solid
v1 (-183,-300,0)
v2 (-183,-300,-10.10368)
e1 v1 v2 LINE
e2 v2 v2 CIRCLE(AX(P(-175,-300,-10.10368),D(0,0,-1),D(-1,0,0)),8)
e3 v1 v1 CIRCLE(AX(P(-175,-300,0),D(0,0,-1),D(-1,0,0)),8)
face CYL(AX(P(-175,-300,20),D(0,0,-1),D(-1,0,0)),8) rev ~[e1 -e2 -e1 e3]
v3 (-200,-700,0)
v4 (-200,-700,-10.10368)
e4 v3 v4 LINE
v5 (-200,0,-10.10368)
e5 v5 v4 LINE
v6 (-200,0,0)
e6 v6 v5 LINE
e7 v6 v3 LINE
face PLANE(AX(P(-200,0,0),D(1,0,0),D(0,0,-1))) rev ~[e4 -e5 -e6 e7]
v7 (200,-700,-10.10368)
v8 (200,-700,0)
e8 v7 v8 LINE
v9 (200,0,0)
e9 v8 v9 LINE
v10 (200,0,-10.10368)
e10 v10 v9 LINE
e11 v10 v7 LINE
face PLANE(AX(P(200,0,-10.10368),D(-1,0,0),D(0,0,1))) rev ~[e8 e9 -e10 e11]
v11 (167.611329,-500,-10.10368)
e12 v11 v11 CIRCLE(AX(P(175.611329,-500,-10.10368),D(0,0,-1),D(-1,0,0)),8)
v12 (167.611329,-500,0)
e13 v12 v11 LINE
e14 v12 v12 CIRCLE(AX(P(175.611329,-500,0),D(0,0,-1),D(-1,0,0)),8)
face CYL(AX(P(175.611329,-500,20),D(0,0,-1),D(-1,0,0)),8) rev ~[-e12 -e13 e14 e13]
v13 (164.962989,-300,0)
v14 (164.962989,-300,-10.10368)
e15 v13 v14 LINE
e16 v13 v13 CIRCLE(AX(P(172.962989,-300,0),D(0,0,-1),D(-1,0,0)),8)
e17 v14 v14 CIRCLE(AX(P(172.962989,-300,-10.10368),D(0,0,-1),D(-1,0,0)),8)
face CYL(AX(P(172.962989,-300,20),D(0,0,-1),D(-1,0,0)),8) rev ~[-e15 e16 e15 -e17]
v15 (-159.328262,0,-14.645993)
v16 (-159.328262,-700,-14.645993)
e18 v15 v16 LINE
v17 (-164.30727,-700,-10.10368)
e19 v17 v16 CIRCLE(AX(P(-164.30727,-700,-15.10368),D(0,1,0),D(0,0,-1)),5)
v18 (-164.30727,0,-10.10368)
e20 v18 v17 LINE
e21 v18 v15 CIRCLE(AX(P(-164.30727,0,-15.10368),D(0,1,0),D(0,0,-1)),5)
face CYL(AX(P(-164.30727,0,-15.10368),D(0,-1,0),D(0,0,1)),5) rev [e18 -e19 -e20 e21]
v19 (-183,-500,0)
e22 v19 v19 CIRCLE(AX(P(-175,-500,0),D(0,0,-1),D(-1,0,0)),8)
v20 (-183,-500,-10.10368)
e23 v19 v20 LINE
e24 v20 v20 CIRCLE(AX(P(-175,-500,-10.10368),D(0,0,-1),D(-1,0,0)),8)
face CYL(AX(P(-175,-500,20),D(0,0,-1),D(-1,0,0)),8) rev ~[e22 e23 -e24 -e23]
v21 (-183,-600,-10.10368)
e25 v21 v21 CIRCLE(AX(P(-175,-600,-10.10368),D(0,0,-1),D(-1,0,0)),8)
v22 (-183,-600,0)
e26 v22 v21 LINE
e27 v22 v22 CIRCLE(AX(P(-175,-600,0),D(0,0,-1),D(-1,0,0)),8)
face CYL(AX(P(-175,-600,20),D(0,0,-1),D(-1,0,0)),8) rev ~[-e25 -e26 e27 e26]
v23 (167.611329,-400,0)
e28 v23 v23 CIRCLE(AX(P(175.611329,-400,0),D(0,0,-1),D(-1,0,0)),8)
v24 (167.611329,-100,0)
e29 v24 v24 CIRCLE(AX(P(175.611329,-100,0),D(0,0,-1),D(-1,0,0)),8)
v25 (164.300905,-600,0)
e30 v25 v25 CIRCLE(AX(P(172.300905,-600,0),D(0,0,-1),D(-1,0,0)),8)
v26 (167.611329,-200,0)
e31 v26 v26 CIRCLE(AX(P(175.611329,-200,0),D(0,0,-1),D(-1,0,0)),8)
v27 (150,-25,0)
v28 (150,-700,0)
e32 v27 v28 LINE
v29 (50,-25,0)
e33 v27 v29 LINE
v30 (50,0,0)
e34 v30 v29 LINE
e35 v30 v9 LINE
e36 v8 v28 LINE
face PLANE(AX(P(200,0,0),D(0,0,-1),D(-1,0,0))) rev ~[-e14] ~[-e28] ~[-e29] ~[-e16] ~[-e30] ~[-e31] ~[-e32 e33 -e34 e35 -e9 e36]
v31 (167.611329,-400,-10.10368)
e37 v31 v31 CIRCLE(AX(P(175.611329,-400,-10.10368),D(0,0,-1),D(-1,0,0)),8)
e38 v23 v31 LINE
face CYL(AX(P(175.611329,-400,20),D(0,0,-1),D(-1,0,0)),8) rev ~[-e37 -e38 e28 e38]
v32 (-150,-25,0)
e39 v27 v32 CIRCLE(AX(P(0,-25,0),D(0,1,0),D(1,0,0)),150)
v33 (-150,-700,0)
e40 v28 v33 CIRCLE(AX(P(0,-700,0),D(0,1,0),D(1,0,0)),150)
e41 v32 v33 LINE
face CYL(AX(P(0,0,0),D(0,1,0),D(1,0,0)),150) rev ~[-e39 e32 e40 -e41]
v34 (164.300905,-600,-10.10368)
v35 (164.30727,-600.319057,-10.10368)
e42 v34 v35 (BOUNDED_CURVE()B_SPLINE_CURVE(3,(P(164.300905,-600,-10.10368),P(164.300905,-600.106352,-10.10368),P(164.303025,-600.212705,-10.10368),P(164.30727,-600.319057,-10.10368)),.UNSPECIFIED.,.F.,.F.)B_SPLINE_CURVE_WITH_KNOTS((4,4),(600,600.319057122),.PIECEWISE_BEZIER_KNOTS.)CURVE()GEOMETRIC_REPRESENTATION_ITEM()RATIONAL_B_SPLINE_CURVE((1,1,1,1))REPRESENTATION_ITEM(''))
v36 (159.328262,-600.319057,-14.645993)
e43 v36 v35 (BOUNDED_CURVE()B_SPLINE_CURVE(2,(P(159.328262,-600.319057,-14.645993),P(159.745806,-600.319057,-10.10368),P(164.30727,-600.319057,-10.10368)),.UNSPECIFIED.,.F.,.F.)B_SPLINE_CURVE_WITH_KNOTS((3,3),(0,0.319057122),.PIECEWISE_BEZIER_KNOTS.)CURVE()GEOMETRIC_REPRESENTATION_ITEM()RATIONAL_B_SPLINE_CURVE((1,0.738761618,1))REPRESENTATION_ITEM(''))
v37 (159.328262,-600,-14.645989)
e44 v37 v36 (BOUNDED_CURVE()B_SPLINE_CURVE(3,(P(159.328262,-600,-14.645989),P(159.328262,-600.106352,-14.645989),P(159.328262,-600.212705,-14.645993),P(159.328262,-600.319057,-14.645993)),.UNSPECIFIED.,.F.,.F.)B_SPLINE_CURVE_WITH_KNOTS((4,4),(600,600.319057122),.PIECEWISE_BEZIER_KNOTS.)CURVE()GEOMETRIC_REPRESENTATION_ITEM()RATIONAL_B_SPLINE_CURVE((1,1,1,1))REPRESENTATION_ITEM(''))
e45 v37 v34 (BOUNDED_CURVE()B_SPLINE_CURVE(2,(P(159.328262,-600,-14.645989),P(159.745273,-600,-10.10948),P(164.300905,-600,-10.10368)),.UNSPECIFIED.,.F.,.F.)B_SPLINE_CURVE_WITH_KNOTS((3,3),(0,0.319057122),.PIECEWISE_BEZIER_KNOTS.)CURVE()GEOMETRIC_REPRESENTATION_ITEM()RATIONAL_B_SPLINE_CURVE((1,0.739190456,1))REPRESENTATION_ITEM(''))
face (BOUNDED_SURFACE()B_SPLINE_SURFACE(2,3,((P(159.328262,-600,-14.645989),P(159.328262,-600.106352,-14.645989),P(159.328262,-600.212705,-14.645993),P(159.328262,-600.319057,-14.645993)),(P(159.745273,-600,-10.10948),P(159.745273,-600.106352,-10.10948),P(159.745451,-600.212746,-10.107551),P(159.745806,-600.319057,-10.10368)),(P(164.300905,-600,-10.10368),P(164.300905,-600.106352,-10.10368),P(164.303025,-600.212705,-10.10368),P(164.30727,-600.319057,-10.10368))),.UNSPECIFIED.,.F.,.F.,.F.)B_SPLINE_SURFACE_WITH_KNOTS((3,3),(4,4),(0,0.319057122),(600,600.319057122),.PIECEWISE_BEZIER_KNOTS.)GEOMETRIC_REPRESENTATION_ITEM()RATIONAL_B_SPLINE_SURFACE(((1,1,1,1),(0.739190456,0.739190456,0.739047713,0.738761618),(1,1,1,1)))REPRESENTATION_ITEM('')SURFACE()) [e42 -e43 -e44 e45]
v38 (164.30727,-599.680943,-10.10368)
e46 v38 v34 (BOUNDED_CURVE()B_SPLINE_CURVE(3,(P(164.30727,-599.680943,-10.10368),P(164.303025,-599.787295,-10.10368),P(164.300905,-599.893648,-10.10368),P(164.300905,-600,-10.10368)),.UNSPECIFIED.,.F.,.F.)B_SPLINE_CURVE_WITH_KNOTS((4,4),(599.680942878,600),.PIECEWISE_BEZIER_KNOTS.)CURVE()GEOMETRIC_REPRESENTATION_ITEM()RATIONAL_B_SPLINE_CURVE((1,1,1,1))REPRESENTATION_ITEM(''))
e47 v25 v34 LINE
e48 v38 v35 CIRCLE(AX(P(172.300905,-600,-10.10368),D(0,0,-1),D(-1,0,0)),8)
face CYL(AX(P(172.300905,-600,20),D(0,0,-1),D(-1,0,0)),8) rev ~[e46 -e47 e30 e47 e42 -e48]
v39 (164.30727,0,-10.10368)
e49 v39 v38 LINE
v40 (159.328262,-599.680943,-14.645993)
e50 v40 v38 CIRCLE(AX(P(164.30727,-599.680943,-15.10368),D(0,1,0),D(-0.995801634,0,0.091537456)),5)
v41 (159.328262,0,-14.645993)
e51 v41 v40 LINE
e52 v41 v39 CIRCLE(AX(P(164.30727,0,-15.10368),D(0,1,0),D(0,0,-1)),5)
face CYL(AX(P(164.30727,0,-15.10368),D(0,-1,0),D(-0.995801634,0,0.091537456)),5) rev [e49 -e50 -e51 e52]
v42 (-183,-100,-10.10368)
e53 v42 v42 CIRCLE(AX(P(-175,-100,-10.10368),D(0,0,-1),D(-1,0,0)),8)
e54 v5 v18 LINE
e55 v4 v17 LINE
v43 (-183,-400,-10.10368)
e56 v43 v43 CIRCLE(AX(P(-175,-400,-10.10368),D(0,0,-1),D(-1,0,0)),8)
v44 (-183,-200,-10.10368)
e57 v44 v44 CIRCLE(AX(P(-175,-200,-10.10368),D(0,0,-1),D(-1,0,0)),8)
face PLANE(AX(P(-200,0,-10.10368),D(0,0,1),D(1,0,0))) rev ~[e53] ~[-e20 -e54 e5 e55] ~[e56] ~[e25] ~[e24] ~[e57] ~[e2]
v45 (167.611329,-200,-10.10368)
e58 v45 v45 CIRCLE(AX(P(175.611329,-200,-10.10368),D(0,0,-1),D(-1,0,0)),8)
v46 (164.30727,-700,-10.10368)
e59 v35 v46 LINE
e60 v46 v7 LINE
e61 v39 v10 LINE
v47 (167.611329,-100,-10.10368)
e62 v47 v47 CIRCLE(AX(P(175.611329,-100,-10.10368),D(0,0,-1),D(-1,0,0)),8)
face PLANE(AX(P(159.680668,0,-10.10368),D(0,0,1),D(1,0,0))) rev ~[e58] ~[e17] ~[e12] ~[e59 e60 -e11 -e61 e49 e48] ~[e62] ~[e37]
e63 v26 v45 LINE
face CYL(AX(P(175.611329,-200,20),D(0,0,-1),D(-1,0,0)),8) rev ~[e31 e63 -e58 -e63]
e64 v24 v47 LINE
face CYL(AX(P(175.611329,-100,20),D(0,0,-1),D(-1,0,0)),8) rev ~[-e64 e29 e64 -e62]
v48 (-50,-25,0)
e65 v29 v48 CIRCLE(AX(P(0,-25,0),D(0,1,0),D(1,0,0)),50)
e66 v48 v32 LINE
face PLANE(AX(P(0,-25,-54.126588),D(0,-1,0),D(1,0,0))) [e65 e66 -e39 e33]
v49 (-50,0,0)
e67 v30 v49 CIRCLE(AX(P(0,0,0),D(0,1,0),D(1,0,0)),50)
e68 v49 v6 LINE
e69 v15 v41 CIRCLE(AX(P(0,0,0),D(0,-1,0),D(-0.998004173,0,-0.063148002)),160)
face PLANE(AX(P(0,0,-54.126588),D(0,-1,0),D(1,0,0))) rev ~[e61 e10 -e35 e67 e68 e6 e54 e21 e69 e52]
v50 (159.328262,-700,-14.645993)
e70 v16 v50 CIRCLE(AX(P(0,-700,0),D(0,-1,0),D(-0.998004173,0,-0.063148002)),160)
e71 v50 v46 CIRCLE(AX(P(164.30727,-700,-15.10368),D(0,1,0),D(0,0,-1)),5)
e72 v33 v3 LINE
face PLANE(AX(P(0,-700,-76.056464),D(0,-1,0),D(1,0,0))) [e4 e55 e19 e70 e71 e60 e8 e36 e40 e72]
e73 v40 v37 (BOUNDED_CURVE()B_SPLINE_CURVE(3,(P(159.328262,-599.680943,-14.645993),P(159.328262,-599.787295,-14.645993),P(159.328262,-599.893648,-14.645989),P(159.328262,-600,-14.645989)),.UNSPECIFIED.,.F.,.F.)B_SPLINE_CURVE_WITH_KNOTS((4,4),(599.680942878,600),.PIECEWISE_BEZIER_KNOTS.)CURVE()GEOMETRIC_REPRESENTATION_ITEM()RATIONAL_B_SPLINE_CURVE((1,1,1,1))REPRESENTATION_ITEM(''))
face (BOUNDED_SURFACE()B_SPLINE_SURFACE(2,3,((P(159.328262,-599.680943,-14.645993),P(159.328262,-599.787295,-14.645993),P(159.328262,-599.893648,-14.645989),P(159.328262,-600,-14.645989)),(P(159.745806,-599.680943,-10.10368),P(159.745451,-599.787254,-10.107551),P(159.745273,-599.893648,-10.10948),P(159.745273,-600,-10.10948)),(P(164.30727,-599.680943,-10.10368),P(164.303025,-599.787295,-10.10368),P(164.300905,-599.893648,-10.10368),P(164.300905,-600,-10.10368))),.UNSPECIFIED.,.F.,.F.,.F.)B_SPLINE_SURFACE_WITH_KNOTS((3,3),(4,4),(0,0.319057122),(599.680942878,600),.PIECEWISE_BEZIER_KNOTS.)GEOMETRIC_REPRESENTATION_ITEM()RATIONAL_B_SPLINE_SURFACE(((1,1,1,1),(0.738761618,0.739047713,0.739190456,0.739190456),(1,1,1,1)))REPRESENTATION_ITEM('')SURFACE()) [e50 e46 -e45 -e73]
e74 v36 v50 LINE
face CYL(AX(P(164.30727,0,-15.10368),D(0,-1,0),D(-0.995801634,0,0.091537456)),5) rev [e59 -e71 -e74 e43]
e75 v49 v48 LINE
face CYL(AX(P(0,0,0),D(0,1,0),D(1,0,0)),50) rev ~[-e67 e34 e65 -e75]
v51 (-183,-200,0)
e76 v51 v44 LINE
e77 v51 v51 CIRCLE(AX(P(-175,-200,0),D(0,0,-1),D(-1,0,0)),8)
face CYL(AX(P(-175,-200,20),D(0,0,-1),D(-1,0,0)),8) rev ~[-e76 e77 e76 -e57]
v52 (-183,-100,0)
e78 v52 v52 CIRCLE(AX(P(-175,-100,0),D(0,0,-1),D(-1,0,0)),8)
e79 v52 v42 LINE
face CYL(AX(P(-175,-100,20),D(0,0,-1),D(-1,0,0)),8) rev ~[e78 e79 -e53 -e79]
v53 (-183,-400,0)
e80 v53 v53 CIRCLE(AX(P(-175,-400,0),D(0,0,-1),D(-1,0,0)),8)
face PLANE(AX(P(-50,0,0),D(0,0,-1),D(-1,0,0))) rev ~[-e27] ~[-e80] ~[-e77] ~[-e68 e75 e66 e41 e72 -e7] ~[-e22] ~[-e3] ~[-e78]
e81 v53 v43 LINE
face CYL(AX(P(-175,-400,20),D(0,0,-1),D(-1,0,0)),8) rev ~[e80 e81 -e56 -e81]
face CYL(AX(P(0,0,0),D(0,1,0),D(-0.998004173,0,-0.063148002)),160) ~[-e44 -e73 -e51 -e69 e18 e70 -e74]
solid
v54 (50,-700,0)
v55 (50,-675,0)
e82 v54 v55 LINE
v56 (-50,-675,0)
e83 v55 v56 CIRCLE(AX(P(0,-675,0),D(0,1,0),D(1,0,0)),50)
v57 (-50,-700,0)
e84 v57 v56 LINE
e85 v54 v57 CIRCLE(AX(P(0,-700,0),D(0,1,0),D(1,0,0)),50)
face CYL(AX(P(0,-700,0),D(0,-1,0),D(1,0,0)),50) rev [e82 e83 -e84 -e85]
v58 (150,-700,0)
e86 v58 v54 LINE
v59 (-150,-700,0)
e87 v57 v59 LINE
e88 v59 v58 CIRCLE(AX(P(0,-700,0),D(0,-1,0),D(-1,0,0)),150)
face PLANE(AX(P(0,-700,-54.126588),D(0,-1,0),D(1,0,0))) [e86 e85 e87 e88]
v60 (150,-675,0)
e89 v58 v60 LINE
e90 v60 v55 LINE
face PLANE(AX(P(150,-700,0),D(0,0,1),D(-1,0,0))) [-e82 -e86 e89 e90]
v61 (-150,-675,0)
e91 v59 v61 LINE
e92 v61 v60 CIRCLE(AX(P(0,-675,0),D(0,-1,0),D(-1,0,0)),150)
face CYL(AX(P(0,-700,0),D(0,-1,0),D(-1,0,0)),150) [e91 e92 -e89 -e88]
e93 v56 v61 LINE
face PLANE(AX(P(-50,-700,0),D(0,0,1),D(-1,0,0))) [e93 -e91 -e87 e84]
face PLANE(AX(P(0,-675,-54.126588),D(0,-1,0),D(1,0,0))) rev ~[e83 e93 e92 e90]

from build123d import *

# Parameters (mm, degrees)
F1_DEPTH = 700
F2_DEPTH = 25
F4_DEPTH = 25
F7_D     = 16
F7_DEPTH = 20
F8_R     = 5


with BuildPart() as f1:
    # F0 (on Front) → F1 (new body)
    with BuildSketch(Plane.XZ):
        with BuildLine():
            ThreePointArc((150, 0), (0, -150), (-150, 0))
            Line((-150, 0), (-200, 0))
            Line((-200, 0), (-200, -10.10368))
            Line((-200, -10.10368), (-159.680668, -10.10368))
            ThreePointArc((-159.680668, -10.10368), (0, -160), (159.680668, -10.10368))
            Line((159.680668, -10.10368), (200, -10.10368))
            Line((200, -10.10368), (200, 0))
            Line((200, 0), (150, 0))
        make_face()
    extrude(amount=F1_DEPTH)

    # F0 (on Front) → F2 (join)
    with BuildSketch(Plane.XZ):
        with BuildLine():
            Line((-50, 0), (-150, 0))
            ThreePointArc((-150, 0), (0, -150), (150, 0))
            Line((150, 0), (50, 0))
            ThreePointArc((50, 0), (0, -50), (-50, 0))
        make_face()
        with BuildLine():
            ThreePointArc((150, 0), (0, -150), (-150, 0))
            Line((-150, 0), (-200, 0))
            Line((-200, 0), (-200, -10.10368))
            Line((-200, -10.10368), (-159.680668, -10.10368))
            ThreePointArc((-159.680668, -10.10368), (0, -160), (159.680668, -10.10368))
            Line((159.680668, -10.10368), (200, -10.10368))
            Line((200, -10.10368), (200, 0))
            Line((200, 0), (150, 0))
        make_face()
    extrude(amount=F2_DEPTH)

    # F7
    with Locations(Plane.XY):
        with Locations((-175, -100), (175.611329, -100), (175.611329, -200), (-175, -200), (-175, -300), (172.962989, -300), (175.611329, -400), (-175, -400), (175.611329, -500), (-175, -500), (-175, -600), (172.300905, -600)):
            Hole(F7_D / 2, depth=F7_DEPTH)

    # F8
    f8_edges = [f1.edges().sort_by_distance(p)[0] for p in [
        (159.680668, -350, -10.10368),
        (-159.680668, -350, -10.10368),
    ]]
    fillet(f8_edges, radius=F8_R)


with BuildPart() as f4:
    # F3 (on face) → F4 (new body)
    with BuildSketch(Plane.XZ.offset(700)):
        with BuildLine():
            ThreePointArc((50, 0), (0, -50), (-50, 0))
            Line((-50, 0), (-150, 0))
            ThreePointArc((-150, 0), (0, -150), (150, 0))
            Line((150, 0), (50, 0))
        make_face()
    extrude(amount=-F4_DEPTH)


solid = Compound([f1.part, f4.part])
